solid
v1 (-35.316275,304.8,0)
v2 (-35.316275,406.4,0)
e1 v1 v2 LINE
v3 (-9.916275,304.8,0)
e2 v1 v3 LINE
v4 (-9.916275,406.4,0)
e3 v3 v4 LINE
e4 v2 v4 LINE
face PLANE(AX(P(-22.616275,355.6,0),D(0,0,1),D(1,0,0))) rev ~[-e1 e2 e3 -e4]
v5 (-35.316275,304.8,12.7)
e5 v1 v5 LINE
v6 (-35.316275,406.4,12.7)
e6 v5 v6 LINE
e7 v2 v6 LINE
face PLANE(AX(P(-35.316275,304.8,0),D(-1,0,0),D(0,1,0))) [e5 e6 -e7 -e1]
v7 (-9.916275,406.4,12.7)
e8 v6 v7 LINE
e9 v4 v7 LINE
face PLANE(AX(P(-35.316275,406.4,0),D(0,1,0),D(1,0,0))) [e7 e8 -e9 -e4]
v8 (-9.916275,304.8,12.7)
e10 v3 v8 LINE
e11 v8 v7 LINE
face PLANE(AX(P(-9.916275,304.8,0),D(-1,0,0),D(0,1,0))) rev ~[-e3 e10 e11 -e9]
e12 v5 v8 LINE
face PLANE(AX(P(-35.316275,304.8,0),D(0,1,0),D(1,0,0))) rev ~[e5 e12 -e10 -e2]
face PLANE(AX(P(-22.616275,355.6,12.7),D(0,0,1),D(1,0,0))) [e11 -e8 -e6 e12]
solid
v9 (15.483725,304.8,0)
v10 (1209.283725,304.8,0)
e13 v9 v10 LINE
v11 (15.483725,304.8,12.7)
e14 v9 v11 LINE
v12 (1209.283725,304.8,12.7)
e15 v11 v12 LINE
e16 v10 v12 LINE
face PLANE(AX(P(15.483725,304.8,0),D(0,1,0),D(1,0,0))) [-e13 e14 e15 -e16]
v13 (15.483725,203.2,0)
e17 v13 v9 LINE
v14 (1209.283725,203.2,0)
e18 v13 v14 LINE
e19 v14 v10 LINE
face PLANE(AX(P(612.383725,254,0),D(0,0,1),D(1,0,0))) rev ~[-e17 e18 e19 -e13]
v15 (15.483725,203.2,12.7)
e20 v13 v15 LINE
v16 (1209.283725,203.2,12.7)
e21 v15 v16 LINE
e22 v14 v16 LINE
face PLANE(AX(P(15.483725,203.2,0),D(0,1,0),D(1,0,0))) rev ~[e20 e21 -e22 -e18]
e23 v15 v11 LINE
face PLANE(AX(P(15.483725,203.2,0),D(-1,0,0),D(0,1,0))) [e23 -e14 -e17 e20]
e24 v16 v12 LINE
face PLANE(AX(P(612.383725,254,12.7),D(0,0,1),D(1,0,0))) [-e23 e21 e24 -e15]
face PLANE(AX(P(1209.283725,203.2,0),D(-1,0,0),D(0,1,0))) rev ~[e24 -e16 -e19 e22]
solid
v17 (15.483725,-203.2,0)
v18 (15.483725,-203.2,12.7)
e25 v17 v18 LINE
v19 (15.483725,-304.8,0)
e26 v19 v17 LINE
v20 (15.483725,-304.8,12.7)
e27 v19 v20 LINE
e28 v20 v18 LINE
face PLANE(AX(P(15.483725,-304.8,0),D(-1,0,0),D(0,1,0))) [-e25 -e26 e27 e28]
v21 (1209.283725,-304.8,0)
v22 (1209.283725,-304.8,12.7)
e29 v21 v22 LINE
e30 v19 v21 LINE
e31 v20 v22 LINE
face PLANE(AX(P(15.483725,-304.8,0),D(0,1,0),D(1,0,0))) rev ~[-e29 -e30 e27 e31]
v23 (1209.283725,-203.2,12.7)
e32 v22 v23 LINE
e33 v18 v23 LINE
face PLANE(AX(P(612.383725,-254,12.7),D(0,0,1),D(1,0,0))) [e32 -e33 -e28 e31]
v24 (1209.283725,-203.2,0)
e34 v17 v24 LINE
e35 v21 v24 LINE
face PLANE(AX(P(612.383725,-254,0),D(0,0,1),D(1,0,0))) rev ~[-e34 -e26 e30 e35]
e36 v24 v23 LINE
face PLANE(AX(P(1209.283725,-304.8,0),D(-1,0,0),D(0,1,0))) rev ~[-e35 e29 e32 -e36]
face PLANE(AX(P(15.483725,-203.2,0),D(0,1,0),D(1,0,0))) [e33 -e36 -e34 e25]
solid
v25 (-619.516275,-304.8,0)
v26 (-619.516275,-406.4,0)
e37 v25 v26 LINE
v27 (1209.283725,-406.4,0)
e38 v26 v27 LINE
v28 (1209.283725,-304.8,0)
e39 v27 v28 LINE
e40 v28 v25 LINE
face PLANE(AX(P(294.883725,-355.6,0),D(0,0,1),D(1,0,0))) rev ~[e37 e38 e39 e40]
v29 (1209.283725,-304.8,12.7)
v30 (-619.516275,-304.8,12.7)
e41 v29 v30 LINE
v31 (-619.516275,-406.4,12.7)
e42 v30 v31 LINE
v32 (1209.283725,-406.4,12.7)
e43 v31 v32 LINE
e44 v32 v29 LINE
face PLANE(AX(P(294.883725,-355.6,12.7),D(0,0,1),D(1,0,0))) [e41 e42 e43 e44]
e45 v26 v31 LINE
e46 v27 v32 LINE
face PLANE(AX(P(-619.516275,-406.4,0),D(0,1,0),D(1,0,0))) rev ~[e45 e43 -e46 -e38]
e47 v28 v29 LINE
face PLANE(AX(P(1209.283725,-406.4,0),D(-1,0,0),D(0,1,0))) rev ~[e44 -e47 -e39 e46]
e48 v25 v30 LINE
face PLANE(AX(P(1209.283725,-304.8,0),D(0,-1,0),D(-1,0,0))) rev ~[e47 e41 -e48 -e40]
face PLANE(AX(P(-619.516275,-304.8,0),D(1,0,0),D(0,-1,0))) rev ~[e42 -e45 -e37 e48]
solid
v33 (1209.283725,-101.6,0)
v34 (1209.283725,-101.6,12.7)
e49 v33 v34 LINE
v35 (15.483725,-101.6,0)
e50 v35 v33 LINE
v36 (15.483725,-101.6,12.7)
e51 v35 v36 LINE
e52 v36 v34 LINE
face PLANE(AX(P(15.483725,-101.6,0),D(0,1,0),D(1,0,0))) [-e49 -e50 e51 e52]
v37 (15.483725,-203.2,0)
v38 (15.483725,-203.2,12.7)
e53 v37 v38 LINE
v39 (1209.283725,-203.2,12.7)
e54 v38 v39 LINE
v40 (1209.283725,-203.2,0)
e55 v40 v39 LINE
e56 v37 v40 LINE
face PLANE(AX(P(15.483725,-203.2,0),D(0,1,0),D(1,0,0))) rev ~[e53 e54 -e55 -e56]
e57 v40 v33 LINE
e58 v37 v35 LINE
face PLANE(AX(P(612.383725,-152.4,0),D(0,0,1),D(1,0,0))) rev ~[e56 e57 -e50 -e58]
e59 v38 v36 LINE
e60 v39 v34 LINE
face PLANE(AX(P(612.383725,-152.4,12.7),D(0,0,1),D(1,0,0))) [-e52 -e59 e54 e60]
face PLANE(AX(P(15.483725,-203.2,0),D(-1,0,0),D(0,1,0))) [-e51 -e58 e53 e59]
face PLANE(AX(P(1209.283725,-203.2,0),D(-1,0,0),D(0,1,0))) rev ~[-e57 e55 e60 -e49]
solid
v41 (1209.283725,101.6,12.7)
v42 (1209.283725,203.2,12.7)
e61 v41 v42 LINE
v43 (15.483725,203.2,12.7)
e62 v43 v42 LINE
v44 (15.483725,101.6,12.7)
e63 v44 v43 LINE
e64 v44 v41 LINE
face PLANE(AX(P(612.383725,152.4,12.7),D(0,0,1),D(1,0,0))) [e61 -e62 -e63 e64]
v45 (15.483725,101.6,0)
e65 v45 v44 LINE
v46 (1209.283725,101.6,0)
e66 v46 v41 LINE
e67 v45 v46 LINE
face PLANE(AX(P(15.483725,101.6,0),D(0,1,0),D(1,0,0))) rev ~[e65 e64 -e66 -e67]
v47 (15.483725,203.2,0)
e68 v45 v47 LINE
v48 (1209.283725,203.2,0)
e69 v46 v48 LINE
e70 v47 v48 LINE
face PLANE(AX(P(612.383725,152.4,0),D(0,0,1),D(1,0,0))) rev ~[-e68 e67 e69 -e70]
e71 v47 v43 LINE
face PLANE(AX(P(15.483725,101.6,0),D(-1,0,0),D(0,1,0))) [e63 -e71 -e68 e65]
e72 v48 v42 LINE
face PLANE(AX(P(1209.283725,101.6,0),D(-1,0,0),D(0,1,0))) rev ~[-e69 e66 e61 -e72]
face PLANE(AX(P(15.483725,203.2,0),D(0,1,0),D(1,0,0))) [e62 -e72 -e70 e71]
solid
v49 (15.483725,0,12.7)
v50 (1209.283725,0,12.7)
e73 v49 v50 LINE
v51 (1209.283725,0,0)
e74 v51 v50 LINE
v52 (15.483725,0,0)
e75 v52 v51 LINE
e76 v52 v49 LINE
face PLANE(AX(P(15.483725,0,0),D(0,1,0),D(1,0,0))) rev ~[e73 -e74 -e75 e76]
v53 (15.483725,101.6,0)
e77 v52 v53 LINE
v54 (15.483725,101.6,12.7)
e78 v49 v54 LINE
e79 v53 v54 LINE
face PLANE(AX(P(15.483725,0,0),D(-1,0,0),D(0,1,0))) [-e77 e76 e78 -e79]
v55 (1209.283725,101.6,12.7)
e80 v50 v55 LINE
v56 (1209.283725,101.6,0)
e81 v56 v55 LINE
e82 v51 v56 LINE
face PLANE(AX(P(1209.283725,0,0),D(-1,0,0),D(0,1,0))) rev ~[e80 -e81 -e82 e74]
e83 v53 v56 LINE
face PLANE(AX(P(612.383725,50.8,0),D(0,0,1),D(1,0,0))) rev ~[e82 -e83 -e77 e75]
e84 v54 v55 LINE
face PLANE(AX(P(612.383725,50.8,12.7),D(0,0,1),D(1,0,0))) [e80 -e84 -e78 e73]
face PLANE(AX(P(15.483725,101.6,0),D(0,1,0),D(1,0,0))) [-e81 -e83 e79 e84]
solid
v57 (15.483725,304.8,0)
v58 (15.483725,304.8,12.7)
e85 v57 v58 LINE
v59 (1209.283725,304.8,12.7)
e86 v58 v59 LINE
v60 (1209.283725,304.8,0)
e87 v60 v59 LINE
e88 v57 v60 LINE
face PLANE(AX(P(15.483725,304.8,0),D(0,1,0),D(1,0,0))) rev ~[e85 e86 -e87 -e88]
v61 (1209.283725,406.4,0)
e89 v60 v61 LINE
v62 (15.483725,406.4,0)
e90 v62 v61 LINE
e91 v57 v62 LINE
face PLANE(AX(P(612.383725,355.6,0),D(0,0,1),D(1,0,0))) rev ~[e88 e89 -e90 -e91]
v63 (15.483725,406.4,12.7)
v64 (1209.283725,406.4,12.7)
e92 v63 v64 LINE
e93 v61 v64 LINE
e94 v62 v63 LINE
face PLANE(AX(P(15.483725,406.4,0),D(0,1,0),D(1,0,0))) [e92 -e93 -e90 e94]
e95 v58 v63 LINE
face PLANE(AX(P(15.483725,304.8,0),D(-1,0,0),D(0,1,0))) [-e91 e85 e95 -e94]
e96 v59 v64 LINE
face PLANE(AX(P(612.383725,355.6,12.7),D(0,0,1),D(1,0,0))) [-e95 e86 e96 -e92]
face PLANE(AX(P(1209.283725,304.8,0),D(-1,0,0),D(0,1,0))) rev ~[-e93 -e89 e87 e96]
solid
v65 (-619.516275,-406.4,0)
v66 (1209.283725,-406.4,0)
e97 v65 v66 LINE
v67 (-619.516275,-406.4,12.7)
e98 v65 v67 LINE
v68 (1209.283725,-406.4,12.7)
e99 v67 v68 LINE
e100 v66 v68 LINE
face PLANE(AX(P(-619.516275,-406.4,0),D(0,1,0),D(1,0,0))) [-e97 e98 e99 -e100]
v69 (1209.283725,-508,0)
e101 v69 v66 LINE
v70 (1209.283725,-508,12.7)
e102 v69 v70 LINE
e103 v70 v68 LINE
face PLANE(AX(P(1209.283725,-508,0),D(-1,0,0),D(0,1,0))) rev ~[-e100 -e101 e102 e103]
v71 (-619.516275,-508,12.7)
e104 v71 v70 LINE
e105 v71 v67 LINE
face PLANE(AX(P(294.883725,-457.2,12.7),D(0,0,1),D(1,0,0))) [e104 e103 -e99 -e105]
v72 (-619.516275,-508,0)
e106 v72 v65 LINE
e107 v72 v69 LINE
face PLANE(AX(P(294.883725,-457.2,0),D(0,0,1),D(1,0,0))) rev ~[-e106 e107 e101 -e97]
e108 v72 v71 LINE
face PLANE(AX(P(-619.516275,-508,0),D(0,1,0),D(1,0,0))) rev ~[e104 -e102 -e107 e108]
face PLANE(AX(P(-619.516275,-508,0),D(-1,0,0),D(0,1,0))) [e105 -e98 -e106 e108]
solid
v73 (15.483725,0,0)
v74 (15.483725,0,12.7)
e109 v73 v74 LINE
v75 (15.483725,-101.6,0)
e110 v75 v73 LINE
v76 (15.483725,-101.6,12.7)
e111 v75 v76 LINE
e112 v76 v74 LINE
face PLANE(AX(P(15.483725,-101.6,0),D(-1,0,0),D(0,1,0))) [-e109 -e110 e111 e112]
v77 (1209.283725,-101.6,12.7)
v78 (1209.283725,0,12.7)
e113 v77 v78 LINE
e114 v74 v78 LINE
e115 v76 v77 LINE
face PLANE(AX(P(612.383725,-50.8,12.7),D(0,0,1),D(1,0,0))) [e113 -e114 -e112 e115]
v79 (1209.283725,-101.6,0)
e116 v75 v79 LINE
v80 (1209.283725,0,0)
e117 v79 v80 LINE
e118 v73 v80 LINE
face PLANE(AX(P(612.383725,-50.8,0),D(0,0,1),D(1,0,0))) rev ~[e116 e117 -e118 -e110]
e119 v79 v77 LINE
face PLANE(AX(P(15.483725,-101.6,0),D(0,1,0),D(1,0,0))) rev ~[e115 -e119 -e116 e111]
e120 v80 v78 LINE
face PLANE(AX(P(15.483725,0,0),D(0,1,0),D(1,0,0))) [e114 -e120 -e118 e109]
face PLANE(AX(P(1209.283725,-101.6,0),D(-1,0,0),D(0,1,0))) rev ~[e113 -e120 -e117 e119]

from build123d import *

# Parameters (mm, degrees)
F0_W      = 1193.8
F0_H      = 101.6
F1_DEPTH  = 12.7
F2_DEPTH  = 12.7
F3_DEPTH  = 12.7
F4_DEPTH  = 12.7
F5_DEPTH  = 12.7
F6_DEPTH  = 12.7
F7_DEPTH  = 12.7
F8_DEPTH  = 12.7
F0_W_2    = 1828.8
F9_DEPTH  = 12.7
F0_W_3    = 25.4
F10_DEPTH = 12.7


with BuildPart() as f1:
    # F0 (on Top) → F1 (new body)
    with BuildSketch(Plane.XY):
        with Locations((612.3837251917, 355.6)):
            Rectangle(F0_W, F0_H)
    extrude(amount=F1_DEPTH)


with BuildPart() as f2:
    # F0 (on Top) → F2 (new body)
    with BuildSketch(Plane.XY):
        with Locations((612.3837251917, 254)):
            Rectangle(F0_W, F0_H)
    extrude(amount=F2_DEPTH)


with BuildPart() as f3:
    # F0 (on Top) → F3 (new body)
    with BuildSketch(Plane.XY):
        with Locations((612.3837251917, 152.4)):
            Rectangle(F0_W, F0_H)
    extrude(amount=F3_DEPTH)


with BuildPart() as f4:
    # F0 (on Top) → F4 (new body)
    with BuildSketch(Plane.XY):
        with Locations((612.3837251917, 50.8)):
            Rectangle(F0_W, F0_H)
    extrude(amount=F4_DEPTH)


with BuildPart() as f5:
    # F0 (on Top) → F5 (new body)
    with BuildSketch(Plane.XY):
        with Locations((612.3837251917, -50.8)):
            Rectangle(F0_W, F0_H)
    extrude(amount=F5_DEPTH)


with BuildPart() as f6:
    # F0 (on Top) → F6 (new body)
    with BuildSketch(Plane.XY):
        with Locations((612.3837251917, -152.4)):
            Rectangle(F0_W, F0_H)
    extrude(amount=F6_DEPTH)


with BuildPart() as f7:
    # F0 (on Top) → F7 (new body)
    with BuildSketch(Plane.XY):
        with Locations((612.3837251917, -254)):
            Rectangle(F0_W, F0_H)
    extrude(amount=F7_DEPTH)


with BuildPart() as f8:
    # F0 (on Top) → F8 (new body)
    with BuildSketch(Plane.XY):
        Polygon((-9.9162748083, -304.8), (-35.3162748083, -304.8), (-619.5162748083, -304.8), (-619.5162748083, -406.4), (1209.2837251917, -406.4), (1209.2837251917, -304.8), (15.4837251917, -304.8), align=None)
    extrude(amount=F8_DEPTH)


with BuildPart() as f9:
    # F0 (on Top) → F9 (new body)
    with BuildSketch(Plane.XY):
        with Locations((294.8837251917, -457.2)):
            Rectangle(F0_W_2, F0_H)
    extrude(amount=F9_DEPTH)


with BuildPart() as f10:
    # F0 (on Top) → F10 (new body)
    with BuildSketch(Plane.XY):
        with Locations((-22.6162748083, 355.6)):
            Rectangle(F0_W_3, F0_H)
    extrude(amount=F10_DEPTH)


solid = Compound([f1.part, f2.part, f3.part, f4.part, f5.part, f6.part, f7.part, f8.part, f9.part, f10.part])
